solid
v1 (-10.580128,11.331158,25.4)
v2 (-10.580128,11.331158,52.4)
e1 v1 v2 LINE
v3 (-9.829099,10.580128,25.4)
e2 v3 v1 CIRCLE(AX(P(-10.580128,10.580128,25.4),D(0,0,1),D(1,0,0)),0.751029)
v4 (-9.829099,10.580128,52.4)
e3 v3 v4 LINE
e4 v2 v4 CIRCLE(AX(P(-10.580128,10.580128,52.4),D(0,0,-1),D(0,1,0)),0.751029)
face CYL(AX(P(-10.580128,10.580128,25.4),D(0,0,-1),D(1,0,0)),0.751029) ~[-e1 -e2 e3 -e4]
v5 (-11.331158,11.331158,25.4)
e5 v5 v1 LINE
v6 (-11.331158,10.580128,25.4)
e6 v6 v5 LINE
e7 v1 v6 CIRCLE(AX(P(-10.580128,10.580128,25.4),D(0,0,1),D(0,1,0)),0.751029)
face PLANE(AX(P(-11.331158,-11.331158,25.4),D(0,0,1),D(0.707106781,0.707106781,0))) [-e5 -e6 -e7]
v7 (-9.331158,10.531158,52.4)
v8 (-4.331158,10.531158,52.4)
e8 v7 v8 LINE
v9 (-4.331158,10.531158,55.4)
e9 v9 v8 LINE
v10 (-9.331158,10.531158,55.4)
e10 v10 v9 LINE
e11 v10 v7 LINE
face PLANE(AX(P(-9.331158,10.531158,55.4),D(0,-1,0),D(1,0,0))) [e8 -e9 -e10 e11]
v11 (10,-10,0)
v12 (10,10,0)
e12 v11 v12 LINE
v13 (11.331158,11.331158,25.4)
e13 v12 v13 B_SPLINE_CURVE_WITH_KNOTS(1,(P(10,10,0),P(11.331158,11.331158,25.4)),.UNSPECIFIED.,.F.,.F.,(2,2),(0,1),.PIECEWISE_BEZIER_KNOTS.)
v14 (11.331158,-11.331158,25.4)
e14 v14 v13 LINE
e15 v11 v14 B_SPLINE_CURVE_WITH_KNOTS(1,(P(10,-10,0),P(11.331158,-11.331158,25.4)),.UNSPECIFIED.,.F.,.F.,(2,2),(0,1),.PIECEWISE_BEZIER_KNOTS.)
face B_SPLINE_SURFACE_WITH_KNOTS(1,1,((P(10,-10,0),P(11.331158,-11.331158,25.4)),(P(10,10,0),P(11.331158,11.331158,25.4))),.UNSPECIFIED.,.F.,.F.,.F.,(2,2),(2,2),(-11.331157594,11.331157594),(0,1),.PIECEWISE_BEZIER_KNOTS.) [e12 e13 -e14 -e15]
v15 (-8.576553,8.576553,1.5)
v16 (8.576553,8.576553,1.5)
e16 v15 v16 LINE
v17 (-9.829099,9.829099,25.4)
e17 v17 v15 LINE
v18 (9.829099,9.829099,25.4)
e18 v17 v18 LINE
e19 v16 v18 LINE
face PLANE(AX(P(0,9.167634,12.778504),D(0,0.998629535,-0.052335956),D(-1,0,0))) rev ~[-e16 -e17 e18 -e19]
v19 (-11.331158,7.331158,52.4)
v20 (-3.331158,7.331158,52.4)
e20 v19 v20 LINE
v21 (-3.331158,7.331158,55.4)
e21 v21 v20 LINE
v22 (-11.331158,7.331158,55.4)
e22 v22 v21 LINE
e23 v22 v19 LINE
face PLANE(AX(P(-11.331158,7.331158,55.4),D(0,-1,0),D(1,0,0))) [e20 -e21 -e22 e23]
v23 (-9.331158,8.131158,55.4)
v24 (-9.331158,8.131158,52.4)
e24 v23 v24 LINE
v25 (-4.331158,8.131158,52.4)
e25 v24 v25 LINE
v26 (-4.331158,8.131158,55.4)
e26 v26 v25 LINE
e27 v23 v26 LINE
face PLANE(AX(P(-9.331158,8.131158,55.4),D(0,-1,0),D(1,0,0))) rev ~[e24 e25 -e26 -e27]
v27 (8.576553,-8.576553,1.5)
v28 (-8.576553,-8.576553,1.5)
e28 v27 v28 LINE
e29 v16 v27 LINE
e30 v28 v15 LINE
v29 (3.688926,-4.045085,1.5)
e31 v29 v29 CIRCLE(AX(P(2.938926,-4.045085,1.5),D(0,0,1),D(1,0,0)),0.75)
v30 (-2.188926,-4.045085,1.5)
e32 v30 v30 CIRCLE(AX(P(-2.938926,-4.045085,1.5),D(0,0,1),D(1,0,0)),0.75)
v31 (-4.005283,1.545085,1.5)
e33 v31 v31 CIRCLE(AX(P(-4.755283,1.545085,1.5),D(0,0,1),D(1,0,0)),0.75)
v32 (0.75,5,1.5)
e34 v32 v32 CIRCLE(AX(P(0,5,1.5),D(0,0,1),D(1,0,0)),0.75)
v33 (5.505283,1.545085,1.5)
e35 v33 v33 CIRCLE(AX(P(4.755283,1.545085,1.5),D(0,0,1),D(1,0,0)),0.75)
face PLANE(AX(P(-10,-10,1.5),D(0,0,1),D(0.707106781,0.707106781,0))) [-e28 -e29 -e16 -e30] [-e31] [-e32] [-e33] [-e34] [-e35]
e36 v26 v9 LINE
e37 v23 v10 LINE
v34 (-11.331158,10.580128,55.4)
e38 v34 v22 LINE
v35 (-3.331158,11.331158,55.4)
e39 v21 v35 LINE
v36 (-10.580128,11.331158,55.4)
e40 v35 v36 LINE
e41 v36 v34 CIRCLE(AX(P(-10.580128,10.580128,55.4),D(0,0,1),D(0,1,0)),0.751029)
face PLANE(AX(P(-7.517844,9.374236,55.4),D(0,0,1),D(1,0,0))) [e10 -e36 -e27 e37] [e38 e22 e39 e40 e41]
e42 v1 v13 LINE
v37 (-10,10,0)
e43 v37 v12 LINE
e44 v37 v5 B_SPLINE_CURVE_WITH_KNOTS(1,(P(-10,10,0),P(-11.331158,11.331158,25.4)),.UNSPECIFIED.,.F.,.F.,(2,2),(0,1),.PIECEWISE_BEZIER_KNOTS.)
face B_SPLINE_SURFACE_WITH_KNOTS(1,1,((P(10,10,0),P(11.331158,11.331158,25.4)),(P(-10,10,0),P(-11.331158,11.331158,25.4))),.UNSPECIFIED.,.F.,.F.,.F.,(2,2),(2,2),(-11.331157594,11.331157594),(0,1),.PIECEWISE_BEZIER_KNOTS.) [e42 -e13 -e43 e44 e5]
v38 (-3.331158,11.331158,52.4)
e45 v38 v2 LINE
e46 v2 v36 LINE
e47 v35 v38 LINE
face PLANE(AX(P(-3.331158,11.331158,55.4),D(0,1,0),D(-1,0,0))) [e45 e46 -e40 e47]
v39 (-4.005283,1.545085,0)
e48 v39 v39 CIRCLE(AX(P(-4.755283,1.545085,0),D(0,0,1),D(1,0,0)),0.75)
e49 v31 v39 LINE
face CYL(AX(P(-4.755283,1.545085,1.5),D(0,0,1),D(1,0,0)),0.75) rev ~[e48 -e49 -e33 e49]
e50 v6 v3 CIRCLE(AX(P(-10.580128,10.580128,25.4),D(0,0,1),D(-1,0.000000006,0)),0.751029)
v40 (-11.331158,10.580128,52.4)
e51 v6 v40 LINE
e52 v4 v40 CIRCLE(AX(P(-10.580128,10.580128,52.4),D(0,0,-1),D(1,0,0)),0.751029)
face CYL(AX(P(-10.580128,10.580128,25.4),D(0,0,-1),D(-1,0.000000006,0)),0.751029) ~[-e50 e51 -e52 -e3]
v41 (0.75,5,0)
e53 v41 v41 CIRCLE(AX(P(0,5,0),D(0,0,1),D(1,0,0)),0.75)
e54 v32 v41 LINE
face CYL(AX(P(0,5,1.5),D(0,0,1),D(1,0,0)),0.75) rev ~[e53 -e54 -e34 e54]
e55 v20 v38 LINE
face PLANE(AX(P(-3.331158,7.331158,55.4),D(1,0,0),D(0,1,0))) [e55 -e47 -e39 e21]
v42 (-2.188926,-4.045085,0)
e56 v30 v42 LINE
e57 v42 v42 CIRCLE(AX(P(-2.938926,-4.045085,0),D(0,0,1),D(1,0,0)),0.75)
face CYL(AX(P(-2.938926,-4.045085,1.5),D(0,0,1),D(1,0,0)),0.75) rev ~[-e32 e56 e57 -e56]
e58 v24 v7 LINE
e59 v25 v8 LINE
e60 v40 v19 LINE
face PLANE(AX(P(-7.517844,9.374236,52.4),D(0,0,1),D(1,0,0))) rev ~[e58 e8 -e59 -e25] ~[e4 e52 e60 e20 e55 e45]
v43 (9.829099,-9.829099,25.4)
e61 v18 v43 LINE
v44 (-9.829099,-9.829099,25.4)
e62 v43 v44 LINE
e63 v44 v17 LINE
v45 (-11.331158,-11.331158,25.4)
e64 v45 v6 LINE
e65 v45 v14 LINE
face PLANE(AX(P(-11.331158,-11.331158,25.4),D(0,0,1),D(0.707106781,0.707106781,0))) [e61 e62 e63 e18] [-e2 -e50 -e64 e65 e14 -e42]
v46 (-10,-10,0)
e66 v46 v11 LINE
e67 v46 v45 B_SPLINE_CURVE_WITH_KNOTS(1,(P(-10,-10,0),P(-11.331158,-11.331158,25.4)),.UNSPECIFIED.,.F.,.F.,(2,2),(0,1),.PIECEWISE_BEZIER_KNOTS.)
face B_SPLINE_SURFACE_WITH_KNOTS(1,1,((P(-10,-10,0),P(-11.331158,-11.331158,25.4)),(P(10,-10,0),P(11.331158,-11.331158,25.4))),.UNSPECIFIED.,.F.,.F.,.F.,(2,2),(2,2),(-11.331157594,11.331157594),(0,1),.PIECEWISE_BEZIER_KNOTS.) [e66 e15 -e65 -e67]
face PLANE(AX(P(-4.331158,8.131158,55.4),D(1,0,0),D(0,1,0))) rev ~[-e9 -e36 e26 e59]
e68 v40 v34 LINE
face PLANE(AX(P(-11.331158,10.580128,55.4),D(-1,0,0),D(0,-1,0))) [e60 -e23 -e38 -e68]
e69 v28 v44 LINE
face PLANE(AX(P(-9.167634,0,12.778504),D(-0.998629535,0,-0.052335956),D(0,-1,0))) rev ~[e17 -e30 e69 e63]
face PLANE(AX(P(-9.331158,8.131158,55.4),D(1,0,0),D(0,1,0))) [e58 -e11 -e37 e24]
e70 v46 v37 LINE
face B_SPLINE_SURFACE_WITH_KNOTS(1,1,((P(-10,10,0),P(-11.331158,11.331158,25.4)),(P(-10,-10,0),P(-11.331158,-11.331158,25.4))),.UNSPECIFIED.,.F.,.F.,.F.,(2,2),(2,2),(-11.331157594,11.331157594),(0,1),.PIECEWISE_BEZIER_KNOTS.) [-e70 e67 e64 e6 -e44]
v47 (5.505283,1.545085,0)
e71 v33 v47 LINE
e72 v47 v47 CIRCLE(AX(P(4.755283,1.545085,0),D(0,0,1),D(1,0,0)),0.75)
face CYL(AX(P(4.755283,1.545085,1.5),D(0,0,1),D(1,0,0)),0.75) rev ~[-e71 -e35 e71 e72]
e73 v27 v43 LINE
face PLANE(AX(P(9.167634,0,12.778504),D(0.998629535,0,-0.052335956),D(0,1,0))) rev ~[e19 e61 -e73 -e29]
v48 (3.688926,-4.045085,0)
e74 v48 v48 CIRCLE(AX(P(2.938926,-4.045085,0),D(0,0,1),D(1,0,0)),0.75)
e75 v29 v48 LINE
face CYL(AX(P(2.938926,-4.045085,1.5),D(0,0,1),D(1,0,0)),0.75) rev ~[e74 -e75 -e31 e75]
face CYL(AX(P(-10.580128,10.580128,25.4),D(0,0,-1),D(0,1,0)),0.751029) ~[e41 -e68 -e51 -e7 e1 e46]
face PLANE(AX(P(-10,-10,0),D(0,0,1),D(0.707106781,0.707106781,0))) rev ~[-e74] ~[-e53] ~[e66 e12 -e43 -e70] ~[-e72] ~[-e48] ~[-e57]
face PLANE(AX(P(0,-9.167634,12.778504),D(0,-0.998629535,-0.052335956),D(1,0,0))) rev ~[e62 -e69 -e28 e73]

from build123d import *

# Parameters (mm, degrees)
F0_W     = 20
F0_H     = 20
F1_DEPTH = 25.4
F1_TAPER = -3
F2_T     = -1.5
F3_R     = 0.75
F4_DEPTH = 1.5010001
F6_DEPTH = 30
F7_W     = 5
F7_H     = 2.4
F8_DEPTH = 3


with BuildPart() as f1:
    # F0 (on Top) → F1 (new body)
    with BuildSketch(Plane.XY):
        Rectangle(F0_W, F0_H)
    extrude(amount=F1_DEPTH, taper=F1_TAPER)

    # F2
    f2_openings = [f1.faces().sort_by_distance(p)[0] for p in [
        (0, 0, 25.4),
    ]]
    offset(amount=F2_T, openings=f2_openings)

    # F3 (on face) → F4 (cut, through all)
    with BuildSketch(Plane.XY.offset(1.5)):
        with Locations((0, 5)):
            Circle(F3_R)
        with Locations((4.7552825815, 1.5450849719)):
            Circle(F3_R)
        with Locations((2.9389262615, -4.0450849719)):
            Circle(F3_R)
        with Locations((-2.9389262615, -4.0450849719)):
            Circle(F3_R)
        with Locations((-4.7552825815, 1.5450849719)):
            Circle(F3_R)
    extrude(amount=-F4_DEPTH, mode=Mode.SUBTRACT)

    # F5 (on face) → F6 (join)
    with BuildSketch(Plane.XY.offset(25.4)):
        with BuildLine():
            ThreePointArc((-11.3311575938, 10.5801283388), (-10.5801283366, 9.8290990748), (-9.8290990748, 10.5801283343))
            ThreePointArc((-9.8290990748, 10.5801283343), (-10.049070452, 11.1111862166), (-10.5801283343, 11.3311575938))
            ThreePointArc((-10.5801283343, 11.3311575938), (-11.111186215, 11.1111862181), (-11.3311575938, 10.5801283388))
        make_face()
    extrude(amount=F6_DEPTH)

    # F7 (on face) → F8 (join)
    with BuildSketch(Plane.XY.offset(55.4)):
        with BuildLine():
            Line((-3.3311575938, 11.3311575938), (-10.5801283343, 11.3311575938))
            ThreePointArc((-10.5801283343, 11.3311575938), (-10.049070452, 11.1111862166), (-9.8290990748, 10.5801283343))
            ThreePointArc((-9.8290990748, 10.5801283343), (-10.5801283343, 9.8290990748), (-11.3311575938, 10.5801283343))
            Line((-11.3311575938, 10.5801283343), (-11.3311575938, 7.3311575938))
            Line((-11.3311575938, 7.3311575938), (-3.3311575938, 7.3311575938))
            Line((-3.3311575938, 7.3311575938), (-3.3311575938, 11.3311575938))
        make_face()
        with Locations((-6.8311575938, 9.3311575938)):
            Rectangle(F7_W, F7_H, mode=Mode.SUBTRACT)
    extrude(amount=-F8_DEPTH)


solid = f1.part
